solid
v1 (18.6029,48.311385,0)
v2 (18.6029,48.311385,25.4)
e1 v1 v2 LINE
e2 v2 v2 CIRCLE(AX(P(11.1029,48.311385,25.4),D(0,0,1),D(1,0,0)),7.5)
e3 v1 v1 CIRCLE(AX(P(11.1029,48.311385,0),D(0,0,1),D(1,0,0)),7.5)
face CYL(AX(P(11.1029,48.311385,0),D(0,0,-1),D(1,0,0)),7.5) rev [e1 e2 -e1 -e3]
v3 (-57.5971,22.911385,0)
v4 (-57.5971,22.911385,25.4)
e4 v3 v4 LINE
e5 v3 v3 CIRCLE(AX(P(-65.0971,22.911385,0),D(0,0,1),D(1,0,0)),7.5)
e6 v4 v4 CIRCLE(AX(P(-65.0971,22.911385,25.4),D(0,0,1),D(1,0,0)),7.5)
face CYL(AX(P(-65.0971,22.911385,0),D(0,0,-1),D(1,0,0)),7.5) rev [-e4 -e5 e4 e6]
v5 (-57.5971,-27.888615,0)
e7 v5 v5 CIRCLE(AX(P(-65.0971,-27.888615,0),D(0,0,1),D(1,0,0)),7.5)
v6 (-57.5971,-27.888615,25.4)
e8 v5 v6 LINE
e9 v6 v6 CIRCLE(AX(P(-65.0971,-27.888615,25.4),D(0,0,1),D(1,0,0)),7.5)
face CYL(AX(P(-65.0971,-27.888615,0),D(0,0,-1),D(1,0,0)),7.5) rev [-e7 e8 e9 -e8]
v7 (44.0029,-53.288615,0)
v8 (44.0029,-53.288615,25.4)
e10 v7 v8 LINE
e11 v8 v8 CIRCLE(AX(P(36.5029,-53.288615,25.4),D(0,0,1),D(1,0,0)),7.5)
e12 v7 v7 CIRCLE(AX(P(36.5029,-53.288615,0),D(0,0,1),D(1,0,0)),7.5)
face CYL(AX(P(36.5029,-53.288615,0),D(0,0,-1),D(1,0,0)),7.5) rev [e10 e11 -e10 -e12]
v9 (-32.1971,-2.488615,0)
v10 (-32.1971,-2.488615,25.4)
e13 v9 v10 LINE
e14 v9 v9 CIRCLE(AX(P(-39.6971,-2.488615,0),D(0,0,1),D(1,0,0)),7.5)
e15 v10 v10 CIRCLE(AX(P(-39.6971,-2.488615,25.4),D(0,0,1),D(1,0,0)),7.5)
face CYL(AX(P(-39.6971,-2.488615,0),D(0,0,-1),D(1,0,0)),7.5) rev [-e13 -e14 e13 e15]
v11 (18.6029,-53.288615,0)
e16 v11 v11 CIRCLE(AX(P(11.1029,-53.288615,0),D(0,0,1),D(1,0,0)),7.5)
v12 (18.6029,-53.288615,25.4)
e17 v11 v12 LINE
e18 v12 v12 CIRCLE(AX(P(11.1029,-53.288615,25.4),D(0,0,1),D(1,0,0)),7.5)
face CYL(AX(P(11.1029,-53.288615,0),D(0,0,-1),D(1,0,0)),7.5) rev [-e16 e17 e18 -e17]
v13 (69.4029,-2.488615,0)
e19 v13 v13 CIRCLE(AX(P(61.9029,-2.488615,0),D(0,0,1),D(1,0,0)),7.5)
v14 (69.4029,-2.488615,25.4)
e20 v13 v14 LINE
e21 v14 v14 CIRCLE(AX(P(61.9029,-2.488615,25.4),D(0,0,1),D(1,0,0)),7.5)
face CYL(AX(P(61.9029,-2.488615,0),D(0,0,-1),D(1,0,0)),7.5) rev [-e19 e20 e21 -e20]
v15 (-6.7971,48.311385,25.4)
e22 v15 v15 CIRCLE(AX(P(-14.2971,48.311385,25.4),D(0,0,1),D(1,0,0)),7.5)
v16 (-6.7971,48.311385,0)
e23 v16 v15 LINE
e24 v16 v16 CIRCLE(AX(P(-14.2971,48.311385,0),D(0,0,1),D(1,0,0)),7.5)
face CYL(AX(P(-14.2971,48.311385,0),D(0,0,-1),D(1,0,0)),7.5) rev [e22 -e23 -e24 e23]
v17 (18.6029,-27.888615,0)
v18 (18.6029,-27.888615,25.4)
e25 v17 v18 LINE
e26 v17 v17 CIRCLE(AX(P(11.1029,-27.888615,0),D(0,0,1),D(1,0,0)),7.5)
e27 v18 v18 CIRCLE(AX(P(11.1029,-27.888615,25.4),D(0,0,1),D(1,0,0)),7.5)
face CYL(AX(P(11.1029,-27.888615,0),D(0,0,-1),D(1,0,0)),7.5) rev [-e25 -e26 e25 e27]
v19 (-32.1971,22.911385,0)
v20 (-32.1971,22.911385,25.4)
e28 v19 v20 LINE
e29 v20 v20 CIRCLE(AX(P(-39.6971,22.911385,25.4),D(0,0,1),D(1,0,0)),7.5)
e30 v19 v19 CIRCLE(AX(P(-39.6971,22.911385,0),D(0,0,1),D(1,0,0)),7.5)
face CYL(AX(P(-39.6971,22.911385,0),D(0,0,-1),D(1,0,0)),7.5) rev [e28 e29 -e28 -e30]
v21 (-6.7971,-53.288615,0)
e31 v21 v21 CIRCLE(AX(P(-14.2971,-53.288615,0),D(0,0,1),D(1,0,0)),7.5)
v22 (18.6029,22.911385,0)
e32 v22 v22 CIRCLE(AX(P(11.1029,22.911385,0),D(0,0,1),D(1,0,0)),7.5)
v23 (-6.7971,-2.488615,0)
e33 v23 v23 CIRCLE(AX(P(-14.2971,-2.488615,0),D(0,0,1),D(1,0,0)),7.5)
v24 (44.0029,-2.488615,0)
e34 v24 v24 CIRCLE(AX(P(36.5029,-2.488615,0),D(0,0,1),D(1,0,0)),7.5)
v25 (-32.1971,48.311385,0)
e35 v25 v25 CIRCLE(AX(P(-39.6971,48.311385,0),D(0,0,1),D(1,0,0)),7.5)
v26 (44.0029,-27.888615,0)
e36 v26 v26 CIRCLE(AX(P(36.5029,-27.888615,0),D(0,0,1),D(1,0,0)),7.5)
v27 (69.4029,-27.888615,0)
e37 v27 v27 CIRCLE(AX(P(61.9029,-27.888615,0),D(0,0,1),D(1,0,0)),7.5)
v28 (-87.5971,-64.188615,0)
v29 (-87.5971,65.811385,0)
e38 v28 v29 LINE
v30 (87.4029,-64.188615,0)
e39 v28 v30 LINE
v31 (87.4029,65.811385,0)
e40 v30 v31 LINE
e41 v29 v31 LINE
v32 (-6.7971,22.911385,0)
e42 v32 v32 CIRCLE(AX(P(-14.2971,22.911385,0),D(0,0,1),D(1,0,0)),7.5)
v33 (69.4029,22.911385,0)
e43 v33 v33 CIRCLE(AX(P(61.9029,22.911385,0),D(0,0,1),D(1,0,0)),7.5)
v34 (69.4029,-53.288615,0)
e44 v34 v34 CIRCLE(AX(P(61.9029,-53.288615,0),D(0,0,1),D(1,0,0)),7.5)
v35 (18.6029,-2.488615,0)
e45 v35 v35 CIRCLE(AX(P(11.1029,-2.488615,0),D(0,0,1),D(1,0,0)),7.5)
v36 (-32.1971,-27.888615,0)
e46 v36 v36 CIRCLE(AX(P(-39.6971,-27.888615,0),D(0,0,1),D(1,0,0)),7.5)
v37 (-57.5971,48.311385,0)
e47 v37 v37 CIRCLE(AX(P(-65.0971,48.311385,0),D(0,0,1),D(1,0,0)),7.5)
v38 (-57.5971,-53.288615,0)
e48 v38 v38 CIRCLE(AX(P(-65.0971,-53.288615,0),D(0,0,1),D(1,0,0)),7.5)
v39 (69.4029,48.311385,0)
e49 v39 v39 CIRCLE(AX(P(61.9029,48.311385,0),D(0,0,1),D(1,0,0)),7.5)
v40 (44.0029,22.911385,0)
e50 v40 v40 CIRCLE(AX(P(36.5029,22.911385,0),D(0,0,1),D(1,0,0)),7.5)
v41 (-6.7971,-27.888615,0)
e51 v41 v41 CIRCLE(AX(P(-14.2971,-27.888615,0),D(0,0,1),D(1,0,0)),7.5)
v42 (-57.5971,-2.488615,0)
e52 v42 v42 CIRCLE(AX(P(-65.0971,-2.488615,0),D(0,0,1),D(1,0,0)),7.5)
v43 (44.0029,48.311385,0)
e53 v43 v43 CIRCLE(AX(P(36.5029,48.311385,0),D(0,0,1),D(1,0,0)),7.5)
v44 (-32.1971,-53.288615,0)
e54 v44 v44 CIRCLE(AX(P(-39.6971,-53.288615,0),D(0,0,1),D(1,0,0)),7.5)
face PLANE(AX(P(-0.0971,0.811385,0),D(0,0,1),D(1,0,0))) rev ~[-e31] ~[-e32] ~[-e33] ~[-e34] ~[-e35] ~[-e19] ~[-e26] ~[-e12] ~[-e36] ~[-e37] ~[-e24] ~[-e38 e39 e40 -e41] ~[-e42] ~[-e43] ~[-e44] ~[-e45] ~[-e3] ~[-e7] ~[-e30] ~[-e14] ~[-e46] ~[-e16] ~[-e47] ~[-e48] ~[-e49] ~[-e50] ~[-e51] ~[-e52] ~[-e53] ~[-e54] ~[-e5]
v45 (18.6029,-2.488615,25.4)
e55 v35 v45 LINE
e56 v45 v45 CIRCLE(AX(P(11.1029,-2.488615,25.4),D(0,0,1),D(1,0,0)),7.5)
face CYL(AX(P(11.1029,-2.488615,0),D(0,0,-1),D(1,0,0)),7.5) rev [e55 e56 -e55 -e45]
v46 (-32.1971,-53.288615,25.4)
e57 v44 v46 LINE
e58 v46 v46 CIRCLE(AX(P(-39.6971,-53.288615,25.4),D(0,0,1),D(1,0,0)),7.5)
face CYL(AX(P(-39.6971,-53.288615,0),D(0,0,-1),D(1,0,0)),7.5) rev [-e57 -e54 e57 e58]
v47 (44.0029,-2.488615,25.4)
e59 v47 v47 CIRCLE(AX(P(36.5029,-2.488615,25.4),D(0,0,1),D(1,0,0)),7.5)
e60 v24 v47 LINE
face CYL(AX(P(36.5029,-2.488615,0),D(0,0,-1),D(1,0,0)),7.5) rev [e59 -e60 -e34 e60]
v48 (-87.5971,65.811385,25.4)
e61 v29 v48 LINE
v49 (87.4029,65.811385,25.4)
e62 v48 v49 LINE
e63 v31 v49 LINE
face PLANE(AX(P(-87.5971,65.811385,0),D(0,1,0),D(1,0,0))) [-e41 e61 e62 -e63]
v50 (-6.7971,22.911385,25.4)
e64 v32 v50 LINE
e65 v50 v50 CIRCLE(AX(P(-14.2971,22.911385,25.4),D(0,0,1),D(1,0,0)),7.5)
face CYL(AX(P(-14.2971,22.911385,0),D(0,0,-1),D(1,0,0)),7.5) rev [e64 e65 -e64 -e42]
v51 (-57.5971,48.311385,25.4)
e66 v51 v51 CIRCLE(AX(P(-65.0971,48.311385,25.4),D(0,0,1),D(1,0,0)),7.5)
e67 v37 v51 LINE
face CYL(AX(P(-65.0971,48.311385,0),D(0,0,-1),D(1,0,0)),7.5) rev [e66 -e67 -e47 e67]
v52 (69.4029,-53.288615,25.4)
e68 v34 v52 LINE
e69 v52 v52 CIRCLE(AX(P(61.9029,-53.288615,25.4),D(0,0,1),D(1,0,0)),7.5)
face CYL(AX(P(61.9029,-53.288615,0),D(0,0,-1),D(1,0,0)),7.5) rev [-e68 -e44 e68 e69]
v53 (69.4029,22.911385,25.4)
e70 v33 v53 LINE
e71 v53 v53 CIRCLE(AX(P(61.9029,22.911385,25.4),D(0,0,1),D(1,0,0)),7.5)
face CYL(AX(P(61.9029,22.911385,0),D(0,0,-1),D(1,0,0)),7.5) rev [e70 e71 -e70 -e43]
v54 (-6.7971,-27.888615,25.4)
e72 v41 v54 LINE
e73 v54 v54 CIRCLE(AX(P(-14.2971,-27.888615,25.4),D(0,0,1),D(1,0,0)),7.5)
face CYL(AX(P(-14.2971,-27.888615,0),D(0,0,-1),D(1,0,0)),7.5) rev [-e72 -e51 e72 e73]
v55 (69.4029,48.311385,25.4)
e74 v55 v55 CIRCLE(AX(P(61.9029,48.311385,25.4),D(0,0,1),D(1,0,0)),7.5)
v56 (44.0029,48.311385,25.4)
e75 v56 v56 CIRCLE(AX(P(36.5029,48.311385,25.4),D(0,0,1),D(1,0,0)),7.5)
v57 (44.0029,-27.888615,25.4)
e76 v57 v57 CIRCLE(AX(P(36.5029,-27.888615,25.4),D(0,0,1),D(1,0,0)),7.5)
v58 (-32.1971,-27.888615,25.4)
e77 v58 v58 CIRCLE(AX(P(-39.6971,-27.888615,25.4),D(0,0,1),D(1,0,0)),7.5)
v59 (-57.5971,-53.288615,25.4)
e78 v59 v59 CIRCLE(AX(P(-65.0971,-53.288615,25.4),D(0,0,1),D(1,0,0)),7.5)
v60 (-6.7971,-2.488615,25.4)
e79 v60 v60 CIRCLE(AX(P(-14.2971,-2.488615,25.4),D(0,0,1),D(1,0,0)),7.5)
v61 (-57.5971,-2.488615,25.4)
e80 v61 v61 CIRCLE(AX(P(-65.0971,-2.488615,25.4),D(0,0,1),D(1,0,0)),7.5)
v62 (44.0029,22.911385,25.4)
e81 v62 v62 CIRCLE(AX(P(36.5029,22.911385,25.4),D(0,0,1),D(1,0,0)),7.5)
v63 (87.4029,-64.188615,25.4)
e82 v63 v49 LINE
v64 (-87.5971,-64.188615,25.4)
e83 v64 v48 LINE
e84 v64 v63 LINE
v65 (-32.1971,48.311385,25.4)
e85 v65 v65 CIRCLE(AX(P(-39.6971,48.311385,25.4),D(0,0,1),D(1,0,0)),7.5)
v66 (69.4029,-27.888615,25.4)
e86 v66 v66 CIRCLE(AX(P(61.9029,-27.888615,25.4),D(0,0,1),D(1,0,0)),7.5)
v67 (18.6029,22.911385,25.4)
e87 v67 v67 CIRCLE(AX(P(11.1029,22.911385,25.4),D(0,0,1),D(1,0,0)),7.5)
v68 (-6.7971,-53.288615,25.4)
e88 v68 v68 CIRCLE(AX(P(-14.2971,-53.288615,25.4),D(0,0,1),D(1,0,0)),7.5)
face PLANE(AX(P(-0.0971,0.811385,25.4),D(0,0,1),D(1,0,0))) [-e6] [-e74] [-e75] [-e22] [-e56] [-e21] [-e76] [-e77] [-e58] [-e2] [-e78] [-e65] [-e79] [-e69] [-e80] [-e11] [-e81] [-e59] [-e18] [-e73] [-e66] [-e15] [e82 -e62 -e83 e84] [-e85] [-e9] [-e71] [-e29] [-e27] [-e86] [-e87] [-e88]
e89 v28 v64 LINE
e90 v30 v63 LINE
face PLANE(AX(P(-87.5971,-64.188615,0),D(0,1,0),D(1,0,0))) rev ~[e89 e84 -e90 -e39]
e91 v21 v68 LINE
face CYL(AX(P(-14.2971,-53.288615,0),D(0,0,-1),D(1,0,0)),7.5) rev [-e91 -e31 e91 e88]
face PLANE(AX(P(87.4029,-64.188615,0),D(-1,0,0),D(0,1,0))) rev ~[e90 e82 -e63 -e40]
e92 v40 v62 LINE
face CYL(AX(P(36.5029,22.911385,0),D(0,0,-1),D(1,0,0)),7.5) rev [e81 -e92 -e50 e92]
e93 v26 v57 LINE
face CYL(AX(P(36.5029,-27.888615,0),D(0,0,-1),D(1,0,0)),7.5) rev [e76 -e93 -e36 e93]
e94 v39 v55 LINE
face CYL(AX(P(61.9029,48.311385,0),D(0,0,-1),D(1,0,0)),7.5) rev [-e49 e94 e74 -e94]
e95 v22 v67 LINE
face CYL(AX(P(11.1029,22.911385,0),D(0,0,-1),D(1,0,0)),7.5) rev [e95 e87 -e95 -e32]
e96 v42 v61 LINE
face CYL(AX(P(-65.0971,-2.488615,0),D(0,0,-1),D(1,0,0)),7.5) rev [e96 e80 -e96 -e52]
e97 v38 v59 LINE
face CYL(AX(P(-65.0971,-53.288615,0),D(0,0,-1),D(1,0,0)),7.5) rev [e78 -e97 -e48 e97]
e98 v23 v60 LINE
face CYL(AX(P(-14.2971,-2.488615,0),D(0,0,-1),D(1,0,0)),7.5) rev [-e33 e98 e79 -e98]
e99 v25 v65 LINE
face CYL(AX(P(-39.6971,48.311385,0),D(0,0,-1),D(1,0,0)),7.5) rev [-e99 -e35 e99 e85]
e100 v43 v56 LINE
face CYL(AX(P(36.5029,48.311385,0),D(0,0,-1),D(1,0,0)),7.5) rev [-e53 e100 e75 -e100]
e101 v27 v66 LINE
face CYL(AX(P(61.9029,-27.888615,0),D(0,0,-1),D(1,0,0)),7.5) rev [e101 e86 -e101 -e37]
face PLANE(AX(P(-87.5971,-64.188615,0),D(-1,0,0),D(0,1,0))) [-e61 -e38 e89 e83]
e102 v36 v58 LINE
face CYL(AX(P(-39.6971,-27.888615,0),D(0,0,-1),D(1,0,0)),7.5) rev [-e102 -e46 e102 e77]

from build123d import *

# Parameters (mm, degrees)
F0_W     = 175
F0_H     = 130
F0_R     = 7.5
F1_DEPTH = 25.4


with BuildPart() as f1:
    # F0 (on Top) → F1 (new body)
    with BuildSketch(Plane.XY):
        with Locations((-0.0971, 0.811385)):
            Rectangle(F0_W, F0_H)
        with Locations((-65.0971, -53.288615)):
            Circle(F0_R, mode=Mode.SUBTRACT)
        with Locations((-39.6971, -53.288615)):
            Circle(F0_R, mode=Mode.SUBTRACT)
        with Locations((-14.2971, -53.288615)):
            Circle(F0_R, mode=Mode.SUBTRACT)
        with Locations((-65.0971, -27.888615)):
            Circle(F0_R, mode=Mode.SUBTRACT)
        with Locations((-65.0971, -2.488615)):
            Circle(F0_R, mode=Mode.SUBTRACT)
        with Locations((-39.6971, -27.888615)):
            Circle(F0_R, mode=Mode.SUBTRACT)
        with Locations((-14.2971, -27.888615)):
            Circle(F0_R, mode=Mode.SUBTRACT)
        with Locations((-39.6971, -2.488615)):
            Circle(F0_R, mode=Mode.SUBTRACT)
        with Locations((-14.2971, -2.488615)):
            Circle(F0_R, mode=Mode.SUBTRACT)
        with Locations((11.1029, -53.288615)):
            Circle(F0_R, mode=Mode.SUBTRACT)
        with Locations((36.5029, -53.288615)):
            Circle(F0_R, mode=Mode.SUBTRACT)
        with Locations((61.9029, -53.288615)):
            Circle(F0_R, mode=Mode.SUBTRACT)
        with Locations((11.1029, -27.888615)):
            Circle(F0_R, mode=Mode.SUBTRACT)
        with Locations((36.5029, -27.888615)):
            Circle(F0_R, mode=Mode.SUBTRACT)
        with Locations((11.1029, -2.488615)):
            Circle(F0_R, mode=Mode.SUBTRACT)
        with Locations((36.5029, -2.488615)):
            Circle(F0_R, mode=Mode.SUBTRACT)
        with Locations((61.9029, -27.888615)):
            Circle(F0_R, mode=Mode.SUBTRACT)
        with Locations((61.9029, -2.488615)):
            Circle(F0_R, mode=Mode.SUBTRACT)
        with Locations((-65.0971, 22.911385)):
            Circle(F0_R, mode=Mode.SUBTRACT)
        with Locations((-39.6971, 22.911385)):
            Circle(F0_R, mode=Mode.SUBTRACT)
        with Locations((-14.2971, 22.911385)):
            Circle(F0_R, mode=Mode.SUBTRACT)
        with Locations((-65.0971, 48.311385)):
            Circle(F0_R, mode=Mode.SUBTRACT)
        with Locations((-39.6971, 48.311385)):
            Circle(F0_R, mode=Mode.SUBTRACT)
        with Locations((-14.2971, 48.311385)):
            Circle(F0_R, mode=Mode.SUBTRACT)
        with Locations((11.1029, 22.911385)):
            Circle(F0_R, mode=Mode.SUBTRACT)
        with Locations((36.5029, 22.911385)):
            Circle(F0_R, mode=Mode.SUBTRACT)
        with Locations((61.9029, 22.911385)):
            Circle(F0_R, mode=Mode.SUBTRACT)
        with Locations((11.1029, 48.311385)):
            Circle(F0_R, mode=Mode.SUBTRACT)
        with Locations((36.5029, 48.311385)):
            Circle(F0_R, mode=Mode.SUBTRACT)
        with Locations((61.9029, 48.311385)):
            Circle(F0_R, mode=Mode.SUBTRACT)
    extrude(amount=F1_DEPTH)


solid = f1.part
